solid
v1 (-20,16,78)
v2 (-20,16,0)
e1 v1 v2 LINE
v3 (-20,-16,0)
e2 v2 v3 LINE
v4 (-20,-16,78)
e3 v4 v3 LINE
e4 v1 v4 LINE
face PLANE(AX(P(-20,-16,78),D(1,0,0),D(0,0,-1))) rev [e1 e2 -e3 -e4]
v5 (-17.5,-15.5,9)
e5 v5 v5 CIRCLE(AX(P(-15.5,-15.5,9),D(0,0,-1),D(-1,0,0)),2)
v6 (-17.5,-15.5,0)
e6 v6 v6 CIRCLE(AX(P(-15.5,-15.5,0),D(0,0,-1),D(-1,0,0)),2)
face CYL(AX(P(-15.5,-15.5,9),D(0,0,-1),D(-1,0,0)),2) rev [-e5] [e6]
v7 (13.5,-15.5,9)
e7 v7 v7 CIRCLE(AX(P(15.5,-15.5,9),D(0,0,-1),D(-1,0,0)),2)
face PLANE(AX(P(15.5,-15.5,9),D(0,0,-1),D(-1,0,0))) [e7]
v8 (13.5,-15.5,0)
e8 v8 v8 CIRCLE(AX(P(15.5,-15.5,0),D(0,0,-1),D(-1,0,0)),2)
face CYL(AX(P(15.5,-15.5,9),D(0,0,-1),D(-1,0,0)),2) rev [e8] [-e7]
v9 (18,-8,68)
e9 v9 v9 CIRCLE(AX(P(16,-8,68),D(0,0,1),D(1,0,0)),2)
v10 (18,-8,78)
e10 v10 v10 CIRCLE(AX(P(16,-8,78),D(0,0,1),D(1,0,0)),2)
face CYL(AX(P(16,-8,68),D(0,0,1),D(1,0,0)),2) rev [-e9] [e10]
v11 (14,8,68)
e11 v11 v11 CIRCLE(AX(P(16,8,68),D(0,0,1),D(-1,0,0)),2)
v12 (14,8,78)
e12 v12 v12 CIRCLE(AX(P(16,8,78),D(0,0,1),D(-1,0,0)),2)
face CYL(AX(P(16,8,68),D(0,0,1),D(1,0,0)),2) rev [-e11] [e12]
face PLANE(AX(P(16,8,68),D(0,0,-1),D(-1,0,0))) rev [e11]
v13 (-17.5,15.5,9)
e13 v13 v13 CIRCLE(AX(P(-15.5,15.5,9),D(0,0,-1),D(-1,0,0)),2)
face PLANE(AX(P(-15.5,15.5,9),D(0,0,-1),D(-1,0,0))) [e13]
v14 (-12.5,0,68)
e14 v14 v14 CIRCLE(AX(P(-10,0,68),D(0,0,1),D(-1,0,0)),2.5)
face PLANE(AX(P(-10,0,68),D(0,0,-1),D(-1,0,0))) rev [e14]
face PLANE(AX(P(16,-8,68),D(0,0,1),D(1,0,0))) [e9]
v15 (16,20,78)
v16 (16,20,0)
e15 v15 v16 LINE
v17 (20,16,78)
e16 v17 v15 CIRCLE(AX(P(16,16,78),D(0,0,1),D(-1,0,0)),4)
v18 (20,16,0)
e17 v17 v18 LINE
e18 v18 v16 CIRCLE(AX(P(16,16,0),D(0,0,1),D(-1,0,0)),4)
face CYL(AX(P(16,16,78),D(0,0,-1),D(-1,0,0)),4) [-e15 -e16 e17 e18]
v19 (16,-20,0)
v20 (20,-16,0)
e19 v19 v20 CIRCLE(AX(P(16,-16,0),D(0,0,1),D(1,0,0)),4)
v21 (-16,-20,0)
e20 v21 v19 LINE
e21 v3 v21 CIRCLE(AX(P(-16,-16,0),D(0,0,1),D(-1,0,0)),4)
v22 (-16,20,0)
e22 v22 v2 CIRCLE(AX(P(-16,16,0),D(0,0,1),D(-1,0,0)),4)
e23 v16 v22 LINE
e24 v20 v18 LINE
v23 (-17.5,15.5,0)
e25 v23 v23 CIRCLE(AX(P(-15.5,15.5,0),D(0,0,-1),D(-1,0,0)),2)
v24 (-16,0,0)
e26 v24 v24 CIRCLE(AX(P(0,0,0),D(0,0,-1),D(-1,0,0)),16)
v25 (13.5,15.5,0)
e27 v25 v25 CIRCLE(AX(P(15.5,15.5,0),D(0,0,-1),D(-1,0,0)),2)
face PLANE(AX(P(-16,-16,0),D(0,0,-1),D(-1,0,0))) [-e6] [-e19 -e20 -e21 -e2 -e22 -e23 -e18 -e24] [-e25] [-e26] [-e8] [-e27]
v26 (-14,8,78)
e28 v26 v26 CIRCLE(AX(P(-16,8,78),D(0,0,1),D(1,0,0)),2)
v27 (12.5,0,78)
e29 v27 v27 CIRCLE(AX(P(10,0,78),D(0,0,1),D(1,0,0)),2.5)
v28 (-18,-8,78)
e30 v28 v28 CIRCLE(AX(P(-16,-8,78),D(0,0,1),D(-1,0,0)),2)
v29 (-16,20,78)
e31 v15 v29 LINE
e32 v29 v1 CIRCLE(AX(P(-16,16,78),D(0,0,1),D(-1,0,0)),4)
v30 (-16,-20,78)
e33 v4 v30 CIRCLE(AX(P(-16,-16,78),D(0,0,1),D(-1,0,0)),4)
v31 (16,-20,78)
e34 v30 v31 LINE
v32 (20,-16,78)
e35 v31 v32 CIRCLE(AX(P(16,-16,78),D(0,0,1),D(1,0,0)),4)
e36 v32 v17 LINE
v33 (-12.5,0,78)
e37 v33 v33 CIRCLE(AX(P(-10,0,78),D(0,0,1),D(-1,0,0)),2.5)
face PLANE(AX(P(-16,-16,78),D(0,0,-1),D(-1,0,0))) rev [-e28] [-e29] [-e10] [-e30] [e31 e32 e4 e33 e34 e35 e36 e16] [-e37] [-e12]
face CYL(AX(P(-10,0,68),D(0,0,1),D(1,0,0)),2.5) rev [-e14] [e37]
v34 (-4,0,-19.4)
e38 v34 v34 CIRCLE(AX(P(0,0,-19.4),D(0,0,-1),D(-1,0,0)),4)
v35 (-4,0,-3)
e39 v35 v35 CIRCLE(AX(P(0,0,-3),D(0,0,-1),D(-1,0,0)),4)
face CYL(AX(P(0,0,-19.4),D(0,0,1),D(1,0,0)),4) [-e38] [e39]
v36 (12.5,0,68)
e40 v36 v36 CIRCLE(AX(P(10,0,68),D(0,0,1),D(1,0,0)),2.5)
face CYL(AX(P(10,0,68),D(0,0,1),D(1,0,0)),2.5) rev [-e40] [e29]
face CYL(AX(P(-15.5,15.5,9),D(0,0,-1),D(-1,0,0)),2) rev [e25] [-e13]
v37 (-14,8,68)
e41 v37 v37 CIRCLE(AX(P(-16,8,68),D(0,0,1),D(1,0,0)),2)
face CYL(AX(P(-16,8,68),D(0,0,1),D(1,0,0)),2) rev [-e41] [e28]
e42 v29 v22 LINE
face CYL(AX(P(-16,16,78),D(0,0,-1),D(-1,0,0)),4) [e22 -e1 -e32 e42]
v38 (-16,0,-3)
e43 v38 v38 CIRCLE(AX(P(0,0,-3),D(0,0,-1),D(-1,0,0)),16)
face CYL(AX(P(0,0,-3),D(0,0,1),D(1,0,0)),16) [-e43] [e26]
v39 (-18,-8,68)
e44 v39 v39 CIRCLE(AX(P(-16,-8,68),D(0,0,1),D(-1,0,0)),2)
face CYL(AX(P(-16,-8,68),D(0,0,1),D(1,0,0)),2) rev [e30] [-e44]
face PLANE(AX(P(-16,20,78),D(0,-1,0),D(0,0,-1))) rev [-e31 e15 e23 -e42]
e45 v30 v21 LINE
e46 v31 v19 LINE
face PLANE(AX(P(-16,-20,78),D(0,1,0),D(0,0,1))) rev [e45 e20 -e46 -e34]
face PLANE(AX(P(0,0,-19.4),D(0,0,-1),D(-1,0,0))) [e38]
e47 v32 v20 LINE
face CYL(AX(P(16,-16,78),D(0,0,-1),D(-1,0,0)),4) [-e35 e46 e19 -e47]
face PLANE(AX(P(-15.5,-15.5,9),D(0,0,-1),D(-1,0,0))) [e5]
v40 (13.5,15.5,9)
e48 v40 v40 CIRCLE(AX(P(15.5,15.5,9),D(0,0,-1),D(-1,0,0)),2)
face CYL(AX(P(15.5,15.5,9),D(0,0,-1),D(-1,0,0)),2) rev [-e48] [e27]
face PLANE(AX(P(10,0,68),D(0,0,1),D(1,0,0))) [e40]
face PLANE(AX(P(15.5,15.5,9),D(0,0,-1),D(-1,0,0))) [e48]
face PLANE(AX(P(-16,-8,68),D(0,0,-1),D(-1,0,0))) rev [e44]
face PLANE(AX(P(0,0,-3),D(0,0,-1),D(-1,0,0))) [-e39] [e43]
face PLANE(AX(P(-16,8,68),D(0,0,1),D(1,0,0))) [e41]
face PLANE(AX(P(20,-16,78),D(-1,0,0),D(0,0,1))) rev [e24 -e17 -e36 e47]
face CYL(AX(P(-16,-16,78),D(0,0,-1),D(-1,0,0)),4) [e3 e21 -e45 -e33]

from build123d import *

# Parameters (mm, degrees)
BOSS_EXTRUDE1_DEPTH = 78
SKETCH4_R           = 16
BOSS_EXTRUDE2_DEPTH = 3
SKETCH5_R           = 4
BOSS_EXTRUDE3_DEPTH = 16.4
SKETCH7_R           = 2
CUT_EXTRUDE2_DEPTH  = 9
SKETCH8_R           = 2
CUT_EXTRUDE3_DEPTH  = 10
SKETCH9_R           = 2.5
CUT_EXTRUDE4_DEPTH  = 10


with BuildPart() as part:
    # Sketch3 → Boss-Extrude1 (new body)
    with BuildSketch(Plane.XY):
        with BuildLine():
            Line((-16, -20), (16, -20))
            ThreePointArc((16, -20), (18.828427125, -18.828427125), (20, -16))
            Line((20, -16), (20, 16))
            ThreePointArc((20, 16), (18.828427125, 18.828427125), (16, 20))
            Line((16, 20), (-16, 20))
            ThreePointArc((-16, 20), (-18.828427125, 18.828427125), (-20, 16))
            Line((-20, 16), (-20, -16))
            ThreePointArc((-20, -16), (-18.828427125, -18.828427125), (-16, -20))
        make_face()
    extrude(amount=BOSS_EXTRUDE1_DEPTH)

    # Sketch4 → Boss-Extrude2 (add)
    with BuildSketch(Plane(origin=(0, 0, 0), x_dir=(-1, 0, 0), z_dir=(0, 0, -1))):
        Circle(SKETCH4_R)
    extrude(amount=BOSS_EXTRUDE2_DEPTH)

    # Sketch5 → Boss-Extrude3 (add)
    with BuildSketch(Plane(origin=(0, 0, -3), x_dir=(-1, 0, 0), z_dir=(0, 0, -1))):
        Circle(SKETCH5_R)
    extrude(amount=BOSS_EXTRUDE3_DEPTH)

    # Sketch7 → Cut-Extrude2 (cut)
    with BuildSketch(Plane(origin=(0, 0, 0), x_dir=(-1, 0, 0), z_dir=(0, 0, -1))):
        with Locations((-15.5, 15.5)):
            Circle(SKETCH7_R)
        with Locations((15.5, 15.5)):
            Circle(SKETCH7_R)
        with Locations((15.5, -15.5)):
            Circle(SKETCH7_R)
        with Locations((-15.5, -15.5)):
            Circle(SKETCH7_R)
    extrude(amount=-CUT_EXTRUDE2_DEPTH, mode=Mode.SUBTRACT)

    # Sketch8 → Cut-Extrude3 (cut)
    with BuildSketch(Plane.XY.offset(78)):
        with Locations((-16, 8)):
            Circle(SKETCH8_R)
        with Locations(Location((16, 8, 0), (0, 0, 180))):
            Circle(SKETCH8_R)
        with Locations(Location((-16, -8, 0), (0, 0, 180))):
            Circle(SKETCH8_R)
        with Locations((16, -8)):
            Circle(SKETCH8_R)
    extrude(amount=-CUT_EXTRUDE3_DEPTH, mode=Mode.SUBTRACT)

    # Sketch9 → Cut-Extrude4 (cut)
    with BuildSketch(Plane.XY.offset(78)):
        with Locations((10, 0)):
            Circle(SKETCH9_R)
        with Locations(Location((-10, 0, 0), (0, 0, 180))):
            Circle(SKETCH9_R)
    extrude(amount=-CUT_EXTRUDE4_DEPTH, mode=Mode.SUBTRACT)


solid = part.part
